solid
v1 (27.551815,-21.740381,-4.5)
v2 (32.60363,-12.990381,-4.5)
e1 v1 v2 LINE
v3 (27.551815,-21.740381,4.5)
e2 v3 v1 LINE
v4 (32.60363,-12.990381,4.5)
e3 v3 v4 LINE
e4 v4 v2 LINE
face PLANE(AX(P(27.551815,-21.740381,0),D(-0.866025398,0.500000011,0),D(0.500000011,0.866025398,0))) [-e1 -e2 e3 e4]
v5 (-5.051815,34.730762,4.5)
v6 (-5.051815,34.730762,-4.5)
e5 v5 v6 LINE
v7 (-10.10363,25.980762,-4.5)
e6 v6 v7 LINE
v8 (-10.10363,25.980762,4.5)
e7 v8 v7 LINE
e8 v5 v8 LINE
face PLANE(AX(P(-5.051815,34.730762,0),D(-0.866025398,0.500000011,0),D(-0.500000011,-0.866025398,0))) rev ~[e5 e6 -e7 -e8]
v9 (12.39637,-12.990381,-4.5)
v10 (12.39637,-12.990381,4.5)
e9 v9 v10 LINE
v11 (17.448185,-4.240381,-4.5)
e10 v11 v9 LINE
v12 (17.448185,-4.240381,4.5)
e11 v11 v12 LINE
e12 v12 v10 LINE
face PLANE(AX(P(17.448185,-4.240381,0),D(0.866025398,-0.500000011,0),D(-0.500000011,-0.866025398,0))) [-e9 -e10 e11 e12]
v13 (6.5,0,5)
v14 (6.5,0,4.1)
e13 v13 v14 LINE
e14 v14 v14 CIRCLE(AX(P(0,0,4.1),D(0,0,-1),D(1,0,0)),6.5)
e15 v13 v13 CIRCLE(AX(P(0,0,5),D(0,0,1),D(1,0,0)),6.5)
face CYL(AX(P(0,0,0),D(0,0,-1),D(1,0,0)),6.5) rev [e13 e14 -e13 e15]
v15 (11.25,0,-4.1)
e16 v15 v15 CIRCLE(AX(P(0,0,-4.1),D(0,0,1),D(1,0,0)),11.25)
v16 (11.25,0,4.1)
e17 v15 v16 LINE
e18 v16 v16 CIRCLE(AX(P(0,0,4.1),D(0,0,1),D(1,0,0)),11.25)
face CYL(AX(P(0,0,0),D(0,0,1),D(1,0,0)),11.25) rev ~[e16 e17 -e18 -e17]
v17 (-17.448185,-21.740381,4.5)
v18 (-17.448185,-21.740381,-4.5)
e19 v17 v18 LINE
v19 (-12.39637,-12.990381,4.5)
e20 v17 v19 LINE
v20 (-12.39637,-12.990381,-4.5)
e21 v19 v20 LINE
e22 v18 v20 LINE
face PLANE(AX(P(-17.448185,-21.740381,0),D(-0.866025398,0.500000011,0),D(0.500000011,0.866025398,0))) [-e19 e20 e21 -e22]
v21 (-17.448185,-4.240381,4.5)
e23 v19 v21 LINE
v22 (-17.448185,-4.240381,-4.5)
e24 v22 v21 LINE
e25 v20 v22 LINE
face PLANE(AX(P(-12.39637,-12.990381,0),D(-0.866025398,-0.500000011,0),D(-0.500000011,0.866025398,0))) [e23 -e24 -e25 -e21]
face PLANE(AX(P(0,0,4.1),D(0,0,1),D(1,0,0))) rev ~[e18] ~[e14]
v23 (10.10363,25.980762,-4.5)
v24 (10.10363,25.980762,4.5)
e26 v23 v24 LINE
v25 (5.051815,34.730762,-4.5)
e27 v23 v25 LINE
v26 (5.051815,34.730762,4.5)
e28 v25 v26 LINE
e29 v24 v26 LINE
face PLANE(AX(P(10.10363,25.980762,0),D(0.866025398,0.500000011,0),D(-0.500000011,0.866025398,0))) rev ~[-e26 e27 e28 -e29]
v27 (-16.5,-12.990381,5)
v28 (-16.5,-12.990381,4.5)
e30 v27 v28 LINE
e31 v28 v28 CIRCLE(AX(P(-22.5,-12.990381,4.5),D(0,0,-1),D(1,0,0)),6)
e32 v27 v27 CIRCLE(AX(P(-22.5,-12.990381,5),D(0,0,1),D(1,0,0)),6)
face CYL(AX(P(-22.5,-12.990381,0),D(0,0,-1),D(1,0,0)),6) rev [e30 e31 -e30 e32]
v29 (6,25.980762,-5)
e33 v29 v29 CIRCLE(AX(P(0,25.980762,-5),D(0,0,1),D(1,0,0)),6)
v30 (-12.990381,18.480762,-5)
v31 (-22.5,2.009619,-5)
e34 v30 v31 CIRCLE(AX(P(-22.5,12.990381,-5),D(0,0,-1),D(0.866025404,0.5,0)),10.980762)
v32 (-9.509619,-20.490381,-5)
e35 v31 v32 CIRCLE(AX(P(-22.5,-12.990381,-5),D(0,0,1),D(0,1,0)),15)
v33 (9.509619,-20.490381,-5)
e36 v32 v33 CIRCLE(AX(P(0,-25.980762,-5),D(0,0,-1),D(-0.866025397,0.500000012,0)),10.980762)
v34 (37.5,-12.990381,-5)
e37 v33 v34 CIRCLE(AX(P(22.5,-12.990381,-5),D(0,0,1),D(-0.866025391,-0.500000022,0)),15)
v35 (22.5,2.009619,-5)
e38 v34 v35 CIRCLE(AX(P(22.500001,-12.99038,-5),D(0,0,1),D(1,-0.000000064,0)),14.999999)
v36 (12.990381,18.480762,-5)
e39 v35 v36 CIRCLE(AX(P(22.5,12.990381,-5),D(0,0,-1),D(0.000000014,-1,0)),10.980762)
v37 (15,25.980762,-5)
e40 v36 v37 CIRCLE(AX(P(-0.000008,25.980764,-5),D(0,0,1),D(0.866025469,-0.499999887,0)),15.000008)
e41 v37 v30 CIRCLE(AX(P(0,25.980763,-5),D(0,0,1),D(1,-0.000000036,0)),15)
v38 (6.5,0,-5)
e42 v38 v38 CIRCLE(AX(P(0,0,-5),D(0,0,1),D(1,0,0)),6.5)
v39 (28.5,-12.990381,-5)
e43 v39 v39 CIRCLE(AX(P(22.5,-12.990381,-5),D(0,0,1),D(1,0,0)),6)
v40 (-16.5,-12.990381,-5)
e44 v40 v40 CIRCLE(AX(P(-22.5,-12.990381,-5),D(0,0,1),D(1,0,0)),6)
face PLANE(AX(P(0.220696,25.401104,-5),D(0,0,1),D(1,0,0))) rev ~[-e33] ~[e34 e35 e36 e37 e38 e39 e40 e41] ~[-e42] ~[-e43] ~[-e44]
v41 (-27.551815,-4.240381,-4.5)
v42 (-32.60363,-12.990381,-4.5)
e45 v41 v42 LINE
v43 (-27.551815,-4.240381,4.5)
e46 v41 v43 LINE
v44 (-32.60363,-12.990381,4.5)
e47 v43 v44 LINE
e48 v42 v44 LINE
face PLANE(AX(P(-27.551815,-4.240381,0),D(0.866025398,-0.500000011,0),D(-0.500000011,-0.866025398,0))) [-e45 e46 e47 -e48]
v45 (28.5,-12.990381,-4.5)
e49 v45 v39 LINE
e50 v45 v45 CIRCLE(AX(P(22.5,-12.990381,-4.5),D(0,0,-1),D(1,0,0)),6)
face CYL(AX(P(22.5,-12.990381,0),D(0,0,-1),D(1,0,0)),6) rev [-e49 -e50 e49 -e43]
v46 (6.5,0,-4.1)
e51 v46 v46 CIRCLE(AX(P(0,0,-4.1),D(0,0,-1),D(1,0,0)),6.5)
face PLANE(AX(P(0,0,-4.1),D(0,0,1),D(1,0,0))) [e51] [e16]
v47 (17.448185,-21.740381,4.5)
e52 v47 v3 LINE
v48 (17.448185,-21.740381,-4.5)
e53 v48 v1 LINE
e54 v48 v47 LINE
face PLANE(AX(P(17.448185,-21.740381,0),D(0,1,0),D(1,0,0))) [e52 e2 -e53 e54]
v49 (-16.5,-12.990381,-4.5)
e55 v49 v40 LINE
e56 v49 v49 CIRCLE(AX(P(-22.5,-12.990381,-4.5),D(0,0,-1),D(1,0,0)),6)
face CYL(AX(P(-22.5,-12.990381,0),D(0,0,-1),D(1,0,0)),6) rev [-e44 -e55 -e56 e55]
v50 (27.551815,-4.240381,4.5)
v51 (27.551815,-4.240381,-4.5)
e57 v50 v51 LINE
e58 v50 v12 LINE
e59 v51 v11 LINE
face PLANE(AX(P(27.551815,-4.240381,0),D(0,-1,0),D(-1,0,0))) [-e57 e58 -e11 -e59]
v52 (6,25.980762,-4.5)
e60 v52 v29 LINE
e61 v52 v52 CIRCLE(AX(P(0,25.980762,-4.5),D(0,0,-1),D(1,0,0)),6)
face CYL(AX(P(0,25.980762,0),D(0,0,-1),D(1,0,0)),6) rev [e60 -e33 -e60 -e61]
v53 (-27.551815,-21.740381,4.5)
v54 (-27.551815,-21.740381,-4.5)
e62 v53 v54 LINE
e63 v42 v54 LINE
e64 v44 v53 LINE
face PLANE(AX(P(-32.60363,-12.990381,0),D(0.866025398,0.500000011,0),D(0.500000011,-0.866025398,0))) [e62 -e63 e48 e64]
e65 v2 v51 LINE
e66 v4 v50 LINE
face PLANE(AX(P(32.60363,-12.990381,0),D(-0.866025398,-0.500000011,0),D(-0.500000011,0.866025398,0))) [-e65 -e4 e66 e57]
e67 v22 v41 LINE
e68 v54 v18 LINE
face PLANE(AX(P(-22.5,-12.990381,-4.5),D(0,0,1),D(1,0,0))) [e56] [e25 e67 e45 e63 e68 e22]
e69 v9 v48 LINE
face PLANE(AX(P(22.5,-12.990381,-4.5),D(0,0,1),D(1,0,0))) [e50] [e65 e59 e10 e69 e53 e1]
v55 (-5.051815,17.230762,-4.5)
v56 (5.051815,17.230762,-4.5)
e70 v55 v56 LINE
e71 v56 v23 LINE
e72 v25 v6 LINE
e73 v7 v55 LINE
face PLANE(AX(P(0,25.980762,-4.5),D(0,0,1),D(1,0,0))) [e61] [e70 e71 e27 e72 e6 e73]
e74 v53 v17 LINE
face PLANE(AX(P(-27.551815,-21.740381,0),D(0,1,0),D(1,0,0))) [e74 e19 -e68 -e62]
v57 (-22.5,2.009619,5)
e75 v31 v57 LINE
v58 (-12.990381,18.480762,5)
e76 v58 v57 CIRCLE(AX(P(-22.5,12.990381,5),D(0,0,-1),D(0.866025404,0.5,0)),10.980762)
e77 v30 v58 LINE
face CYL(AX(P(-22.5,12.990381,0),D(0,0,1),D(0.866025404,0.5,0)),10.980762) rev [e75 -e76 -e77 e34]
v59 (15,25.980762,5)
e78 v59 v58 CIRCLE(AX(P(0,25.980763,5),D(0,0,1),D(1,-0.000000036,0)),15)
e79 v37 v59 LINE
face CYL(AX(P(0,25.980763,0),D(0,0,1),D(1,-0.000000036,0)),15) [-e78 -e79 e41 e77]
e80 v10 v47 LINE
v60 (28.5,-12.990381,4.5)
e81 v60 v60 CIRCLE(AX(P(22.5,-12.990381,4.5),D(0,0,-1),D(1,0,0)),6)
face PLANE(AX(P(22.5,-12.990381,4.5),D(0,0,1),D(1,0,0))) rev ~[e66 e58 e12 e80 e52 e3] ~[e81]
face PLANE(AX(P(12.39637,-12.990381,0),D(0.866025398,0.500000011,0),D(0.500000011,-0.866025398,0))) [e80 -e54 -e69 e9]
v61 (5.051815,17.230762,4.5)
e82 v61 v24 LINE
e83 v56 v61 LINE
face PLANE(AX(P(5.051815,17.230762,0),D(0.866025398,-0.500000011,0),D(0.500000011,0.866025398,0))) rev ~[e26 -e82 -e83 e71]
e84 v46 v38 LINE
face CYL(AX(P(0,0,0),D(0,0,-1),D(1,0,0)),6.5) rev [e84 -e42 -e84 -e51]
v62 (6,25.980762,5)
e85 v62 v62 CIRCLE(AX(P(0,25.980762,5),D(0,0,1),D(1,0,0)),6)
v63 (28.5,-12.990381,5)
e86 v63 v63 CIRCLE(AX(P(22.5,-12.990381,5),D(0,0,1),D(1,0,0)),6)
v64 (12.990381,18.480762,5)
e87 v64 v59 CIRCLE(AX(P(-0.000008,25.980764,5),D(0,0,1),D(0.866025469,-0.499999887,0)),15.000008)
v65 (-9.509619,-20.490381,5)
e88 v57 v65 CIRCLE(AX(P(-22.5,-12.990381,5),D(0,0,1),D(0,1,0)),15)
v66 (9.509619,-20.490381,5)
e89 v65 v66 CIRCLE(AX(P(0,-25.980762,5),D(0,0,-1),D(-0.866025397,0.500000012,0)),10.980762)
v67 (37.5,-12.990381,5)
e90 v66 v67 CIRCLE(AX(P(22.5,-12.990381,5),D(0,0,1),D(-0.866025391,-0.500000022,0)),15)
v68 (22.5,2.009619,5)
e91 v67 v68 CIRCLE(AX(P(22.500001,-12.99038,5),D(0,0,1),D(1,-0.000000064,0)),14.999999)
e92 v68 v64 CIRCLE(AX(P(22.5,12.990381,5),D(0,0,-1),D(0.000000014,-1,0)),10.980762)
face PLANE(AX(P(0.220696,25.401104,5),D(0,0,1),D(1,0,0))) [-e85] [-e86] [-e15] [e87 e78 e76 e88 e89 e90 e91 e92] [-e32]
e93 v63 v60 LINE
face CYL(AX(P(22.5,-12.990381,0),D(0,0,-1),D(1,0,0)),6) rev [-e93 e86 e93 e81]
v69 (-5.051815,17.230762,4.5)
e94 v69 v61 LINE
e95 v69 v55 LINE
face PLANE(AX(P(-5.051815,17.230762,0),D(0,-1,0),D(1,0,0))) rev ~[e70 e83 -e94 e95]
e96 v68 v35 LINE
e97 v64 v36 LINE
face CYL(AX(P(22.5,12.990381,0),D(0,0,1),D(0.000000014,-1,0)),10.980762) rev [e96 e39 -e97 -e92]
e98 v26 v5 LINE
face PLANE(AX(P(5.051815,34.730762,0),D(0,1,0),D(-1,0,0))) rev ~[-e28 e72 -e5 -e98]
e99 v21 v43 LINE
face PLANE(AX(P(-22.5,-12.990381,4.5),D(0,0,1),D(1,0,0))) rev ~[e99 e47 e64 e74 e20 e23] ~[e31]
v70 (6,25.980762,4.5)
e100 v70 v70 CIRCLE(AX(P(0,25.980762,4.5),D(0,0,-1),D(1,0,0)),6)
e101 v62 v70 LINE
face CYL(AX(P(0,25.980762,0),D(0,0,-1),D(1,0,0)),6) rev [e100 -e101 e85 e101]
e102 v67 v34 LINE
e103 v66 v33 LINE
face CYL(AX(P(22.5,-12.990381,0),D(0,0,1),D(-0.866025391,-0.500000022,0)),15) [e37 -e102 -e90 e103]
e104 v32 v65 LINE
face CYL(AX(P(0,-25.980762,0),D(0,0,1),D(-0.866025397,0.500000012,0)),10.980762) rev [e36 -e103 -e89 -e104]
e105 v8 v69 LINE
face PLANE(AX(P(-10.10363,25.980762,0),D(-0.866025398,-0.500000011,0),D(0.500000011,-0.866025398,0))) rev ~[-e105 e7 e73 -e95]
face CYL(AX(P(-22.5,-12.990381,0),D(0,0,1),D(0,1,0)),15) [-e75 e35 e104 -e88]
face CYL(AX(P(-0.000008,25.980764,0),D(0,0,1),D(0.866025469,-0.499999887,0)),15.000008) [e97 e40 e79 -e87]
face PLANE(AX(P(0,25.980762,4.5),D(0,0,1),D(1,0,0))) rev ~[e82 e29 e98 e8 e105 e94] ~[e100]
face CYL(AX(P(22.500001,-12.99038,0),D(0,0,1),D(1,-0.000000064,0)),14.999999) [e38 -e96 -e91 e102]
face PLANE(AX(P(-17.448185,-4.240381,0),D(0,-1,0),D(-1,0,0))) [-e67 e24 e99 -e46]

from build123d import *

# Parameters (mm, degrees)
F0_R     = 6
F0_R_2   = 6.5
F1_DEPTH = 5
F2_R     = 11.25
F3_DEPTH = 4.1
F5_DEPTH = 4.5


with BuildPart() as f1:
    # F0 (on Top) → F1 (new body, symmetric)
    with BuildSketch(Plane.XY):
        with BuildLine():
            ThreePointArc((12.990381, 18.480762), (14.488887, 22.098476), (15, 25.980762))
            ThreePointArc((15, 25.980762), (-3.882286, 40.46965), (-12.990381, 18.480762))
            ThreePointArc((-12.990381, 18.480762), (0, 10.980762), (12.990381, 18.480762))
        make_face()
        with Locations((0, 25.980762)):
            Circle(F0_R, mode=Mode.SUBTRACT)
        with BuildLine():
            ThreePointArc((12.990381, 18.480762), (0, 10.980762), (-12.990381, 18.480762))
            ThreePointArc((-12.990381, 18.480762), (-12.990381, 7.5), (-22.5, 2.009619))
            ThreePointArc((-22.5, 2.009619), (-11.893398, -2.383779), (-7.5, -12.990381))
            ThreePointArc((-7.5, -12.990381), (-8.011113, -16.872667), (-9.509619, -20.490381))
            ThreePointArc((-9.509619, -20.490381), (0, -15), (9.509619, -20.490381))
            ThreePointArc((9.509619, -20.490381), (9.509619, -5.490381), (22.5, 2.009619))
            ThreePointArc((22.5, 2.009619), (12.990381, 7.5), (12.990381, 18.480762))
        make_face()
        Circle(F0_R_2, mode=Mode.SUBTRACT)
        with BuildLine():
            ThreePointArc((-7.5, -12.990381), (-11.893398, -2.383779), (-22.5, 2.009619))
            ThreePointArc((-22.5, 2.009619), (-35.490381, -20.490381), (-9.509619, -20.490381))
            ThreePointArc((-9.509619, -20.490381), (-8.011113, -16.872667), (-7.5, -12.990381))
        make_face()
        with Locations((-22.5, -12.990381)):
            Circle(F0_R, mode=Mode.SUBTRACT)
        with BuildLine():
            ThreePointArc((37.5, -12.990381), (33.106602, -2.383779), (22.5, 2.009619))
            ThreePointArc((22.5, 2.009619), (9.509619, -5.490381), (9.509619, -20.490381))
            ThreePointArc((9.509619, -20.490381), (26.382286, -27.479268), (37.5, -12.990381))
        make_face()
        with Locations((22.5, -12.990381)):
            Circle(F0_R, mode=Mode.SUBTRACT)
    extrude(amount=F1_DEPTH, both=True)

    # F2 (on Top) → F3 (cut, symmetric)
    with BuildSketch(Plane.XY):
        Circle(F2_R)
    extrude(amount=F3_DEPTH, both=True, mode=Mode.SUBTRACT)

    # F4 (on Top) → F5 (cut, symmetric)
    with BuildSketch(Plane.XY):
        Polygon((27.551815, -4.240381), (17.448185, -4.240381), (12.39637, -12.990381), (17.448185, -21.740381), (27.551815, -21.740381), (32.60363, -12.990381), align=None)
        Polygon((-12.39637, -12.990381), (-17.448185, -4.240381), (-27.551815, -4.240381), (-32.60363, -12.990381), (-27.551815, -21.740381), (-17.448185, -21.740381), align=None)
        Polygon((-5.051815, 17.230762), (5.051815, 17.230762), (10.10363, 25.980762), (5.051815, 34.730762), (-5.051815, 34.730762), (-10.10363, 25.980762), align=None)
    extrude(amount=F5_DEPTH, both=True, mode=Mode.SUBTRACT)


solid = f1.part
